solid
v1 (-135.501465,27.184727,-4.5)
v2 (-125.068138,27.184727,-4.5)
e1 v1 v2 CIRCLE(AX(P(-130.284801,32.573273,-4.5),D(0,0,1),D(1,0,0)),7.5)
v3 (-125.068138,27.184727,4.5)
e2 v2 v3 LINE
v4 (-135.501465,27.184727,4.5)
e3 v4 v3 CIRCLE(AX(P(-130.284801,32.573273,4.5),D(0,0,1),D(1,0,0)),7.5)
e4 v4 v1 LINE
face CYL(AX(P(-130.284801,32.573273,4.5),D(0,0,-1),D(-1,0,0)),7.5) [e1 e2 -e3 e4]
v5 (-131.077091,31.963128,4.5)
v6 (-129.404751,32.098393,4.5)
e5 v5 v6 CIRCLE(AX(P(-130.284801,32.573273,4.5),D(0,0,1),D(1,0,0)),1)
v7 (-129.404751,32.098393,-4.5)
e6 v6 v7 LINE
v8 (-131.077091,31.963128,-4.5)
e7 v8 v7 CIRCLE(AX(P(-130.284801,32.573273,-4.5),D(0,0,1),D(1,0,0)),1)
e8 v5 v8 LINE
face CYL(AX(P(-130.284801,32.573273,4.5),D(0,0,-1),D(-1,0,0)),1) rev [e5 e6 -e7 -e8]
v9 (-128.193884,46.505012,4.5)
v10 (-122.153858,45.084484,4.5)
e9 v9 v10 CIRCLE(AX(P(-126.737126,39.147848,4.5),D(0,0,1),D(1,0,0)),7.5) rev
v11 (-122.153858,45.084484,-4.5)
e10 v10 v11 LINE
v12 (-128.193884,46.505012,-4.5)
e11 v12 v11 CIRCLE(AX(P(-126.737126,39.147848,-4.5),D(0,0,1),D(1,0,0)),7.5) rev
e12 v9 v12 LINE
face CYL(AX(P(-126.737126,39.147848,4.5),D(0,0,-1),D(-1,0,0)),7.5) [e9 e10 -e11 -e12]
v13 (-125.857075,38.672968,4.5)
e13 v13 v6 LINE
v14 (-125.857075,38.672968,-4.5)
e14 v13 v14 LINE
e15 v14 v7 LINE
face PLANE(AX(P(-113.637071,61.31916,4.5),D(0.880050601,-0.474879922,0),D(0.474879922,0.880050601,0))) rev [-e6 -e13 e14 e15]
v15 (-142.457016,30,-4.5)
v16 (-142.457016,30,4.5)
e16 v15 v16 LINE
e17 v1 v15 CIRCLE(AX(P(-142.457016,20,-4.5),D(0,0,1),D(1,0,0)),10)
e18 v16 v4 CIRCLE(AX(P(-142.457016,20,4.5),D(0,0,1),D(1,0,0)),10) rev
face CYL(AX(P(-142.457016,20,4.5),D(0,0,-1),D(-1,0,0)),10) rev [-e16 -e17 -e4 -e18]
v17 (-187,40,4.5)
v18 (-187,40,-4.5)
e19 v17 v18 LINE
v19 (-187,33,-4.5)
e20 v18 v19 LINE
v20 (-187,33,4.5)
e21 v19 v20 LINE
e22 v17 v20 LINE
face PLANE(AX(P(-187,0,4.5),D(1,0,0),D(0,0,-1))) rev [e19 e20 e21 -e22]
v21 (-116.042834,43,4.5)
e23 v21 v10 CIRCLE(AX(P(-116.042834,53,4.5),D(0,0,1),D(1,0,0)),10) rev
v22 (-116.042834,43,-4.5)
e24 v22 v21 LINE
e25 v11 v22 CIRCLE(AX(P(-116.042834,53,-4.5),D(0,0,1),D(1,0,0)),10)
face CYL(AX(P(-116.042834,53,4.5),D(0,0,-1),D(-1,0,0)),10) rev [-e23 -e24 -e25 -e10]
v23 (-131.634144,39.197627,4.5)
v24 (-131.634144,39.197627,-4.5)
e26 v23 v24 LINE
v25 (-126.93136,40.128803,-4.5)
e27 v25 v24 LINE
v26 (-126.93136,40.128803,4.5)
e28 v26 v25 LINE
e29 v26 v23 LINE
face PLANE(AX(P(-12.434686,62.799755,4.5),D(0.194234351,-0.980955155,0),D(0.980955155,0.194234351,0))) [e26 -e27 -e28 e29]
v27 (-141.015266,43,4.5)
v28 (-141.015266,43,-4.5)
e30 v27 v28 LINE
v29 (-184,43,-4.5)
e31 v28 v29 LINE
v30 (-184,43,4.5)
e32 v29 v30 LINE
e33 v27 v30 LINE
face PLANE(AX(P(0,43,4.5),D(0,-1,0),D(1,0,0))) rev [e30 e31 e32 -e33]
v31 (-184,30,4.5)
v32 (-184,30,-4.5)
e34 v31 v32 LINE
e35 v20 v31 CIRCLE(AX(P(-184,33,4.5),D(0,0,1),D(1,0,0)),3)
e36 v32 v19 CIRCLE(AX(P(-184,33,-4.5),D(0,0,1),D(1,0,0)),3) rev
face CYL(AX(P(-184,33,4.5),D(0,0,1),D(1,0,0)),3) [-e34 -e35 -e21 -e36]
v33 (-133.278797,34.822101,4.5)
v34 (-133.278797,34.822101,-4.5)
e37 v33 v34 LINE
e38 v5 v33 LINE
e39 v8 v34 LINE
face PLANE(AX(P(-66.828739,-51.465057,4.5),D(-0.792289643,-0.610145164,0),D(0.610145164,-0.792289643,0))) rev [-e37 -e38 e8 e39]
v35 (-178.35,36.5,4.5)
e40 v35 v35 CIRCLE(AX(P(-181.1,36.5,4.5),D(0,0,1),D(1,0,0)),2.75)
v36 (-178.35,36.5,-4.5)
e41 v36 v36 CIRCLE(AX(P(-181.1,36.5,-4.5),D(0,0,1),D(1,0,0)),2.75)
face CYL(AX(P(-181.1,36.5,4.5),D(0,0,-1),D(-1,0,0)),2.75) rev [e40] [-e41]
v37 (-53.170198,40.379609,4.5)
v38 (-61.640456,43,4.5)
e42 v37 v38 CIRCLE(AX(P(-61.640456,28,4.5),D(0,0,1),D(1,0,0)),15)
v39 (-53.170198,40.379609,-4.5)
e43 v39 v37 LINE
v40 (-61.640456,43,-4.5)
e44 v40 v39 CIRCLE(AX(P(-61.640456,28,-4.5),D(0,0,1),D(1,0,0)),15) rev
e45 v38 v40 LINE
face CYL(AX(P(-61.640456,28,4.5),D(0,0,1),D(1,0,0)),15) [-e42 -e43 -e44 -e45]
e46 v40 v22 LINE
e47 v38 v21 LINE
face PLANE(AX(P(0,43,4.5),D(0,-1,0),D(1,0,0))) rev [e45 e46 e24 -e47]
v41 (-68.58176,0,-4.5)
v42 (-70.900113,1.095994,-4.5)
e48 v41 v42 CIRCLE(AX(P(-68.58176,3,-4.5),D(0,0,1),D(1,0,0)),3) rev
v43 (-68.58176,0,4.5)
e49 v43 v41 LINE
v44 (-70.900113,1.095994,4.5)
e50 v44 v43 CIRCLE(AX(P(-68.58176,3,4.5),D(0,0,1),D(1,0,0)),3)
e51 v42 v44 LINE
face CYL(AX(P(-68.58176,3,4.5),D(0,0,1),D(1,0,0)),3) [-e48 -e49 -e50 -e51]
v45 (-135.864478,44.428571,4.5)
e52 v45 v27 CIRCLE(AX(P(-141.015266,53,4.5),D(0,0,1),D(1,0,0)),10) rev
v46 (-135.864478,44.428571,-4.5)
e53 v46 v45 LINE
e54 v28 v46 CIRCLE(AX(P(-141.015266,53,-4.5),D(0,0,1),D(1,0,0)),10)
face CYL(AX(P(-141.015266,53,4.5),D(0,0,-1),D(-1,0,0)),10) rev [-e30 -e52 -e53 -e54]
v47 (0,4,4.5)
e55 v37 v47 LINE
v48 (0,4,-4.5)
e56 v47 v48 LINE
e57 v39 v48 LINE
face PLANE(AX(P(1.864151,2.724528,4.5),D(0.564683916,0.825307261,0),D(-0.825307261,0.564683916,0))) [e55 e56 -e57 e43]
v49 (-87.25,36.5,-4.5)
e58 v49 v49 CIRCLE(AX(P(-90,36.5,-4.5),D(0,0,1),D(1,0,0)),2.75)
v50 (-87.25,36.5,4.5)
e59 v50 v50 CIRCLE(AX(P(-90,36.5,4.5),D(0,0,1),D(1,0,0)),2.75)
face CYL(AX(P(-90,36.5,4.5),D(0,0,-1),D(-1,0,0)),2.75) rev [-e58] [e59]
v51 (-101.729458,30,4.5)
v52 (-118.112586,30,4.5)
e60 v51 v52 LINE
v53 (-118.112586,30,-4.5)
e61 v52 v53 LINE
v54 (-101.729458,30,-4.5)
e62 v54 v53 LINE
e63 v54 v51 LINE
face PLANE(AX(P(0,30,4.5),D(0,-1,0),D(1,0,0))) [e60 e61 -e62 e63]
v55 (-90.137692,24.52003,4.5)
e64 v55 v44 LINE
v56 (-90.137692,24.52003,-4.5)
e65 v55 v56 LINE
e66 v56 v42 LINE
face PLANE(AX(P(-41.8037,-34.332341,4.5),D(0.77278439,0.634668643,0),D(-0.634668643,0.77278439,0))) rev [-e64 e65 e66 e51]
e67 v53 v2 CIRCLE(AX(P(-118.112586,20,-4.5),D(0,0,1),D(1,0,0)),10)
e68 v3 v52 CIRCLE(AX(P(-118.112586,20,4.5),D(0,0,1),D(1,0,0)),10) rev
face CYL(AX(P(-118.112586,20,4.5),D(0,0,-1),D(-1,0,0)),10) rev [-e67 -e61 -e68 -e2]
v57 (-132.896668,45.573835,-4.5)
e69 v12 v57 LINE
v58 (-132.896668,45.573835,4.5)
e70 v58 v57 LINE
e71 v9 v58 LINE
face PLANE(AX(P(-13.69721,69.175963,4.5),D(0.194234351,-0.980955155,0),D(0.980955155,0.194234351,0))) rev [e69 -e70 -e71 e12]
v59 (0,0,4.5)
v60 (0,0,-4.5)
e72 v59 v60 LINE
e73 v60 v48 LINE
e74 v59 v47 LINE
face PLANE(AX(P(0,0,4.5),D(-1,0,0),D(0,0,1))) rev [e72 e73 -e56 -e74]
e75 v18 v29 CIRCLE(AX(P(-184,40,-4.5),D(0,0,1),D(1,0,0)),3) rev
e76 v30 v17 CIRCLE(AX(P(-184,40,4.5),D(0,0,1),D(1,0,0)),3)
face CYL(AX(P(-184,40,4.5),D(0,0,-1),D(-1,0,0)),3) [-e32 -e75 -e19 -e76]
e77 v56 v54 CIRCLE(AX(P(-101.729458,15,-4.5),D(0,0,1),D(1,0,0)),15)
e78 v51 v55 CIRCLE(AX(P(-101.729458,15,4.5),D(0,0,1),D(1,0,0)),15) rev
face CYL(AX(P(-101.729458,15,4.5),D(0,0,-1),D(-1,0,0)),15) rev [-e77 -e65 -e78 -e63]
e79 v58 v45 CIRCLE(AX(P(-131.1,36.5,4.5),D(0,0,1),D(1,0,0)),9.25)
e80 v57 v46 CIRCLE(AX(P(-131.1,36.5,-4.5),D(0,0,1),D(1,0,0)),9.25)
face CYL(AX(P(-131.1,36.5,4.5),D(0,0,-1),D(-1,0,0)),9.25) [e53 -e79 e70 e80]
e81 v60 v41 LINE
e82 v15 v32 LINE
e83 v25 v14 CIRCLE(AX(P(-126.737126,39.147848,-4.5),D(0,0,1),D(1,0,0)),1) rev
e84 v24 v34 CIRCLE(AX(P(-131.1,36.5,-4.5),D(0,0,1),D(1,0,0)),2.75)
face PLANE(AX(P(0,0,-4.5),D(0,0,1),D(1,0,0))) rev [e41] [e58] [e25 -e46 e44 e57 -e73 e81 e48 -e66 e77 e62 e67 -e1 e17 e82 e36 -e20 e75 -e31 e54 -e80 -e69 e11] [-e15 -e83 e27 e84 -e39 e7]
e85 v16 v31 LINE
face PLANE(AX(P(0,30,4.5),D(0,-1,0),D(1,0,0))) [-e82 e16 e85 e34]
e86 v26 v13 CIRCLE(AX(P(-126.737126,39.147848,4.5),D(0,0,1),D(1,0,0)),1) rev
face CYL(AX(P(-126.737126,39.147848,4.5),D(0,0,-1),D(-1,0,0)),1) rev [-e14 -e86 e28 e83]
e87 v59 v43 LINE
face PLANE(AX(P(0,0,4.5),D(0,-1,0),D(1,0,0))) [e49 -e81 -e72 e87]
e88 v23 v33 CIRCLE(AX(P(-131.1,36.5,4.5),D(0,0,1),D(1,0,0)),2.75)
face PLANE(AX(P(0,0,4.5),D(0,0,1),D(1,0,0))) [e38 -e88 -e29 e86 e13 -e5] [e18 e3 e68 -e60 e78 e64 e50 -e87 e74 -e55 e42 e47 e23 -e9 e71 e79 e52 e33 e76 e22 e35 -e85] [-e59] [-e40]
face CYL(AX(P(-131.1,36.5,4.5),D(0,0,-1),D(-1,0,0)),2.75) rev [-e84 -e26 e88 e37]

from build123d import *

# Parameters (mm, degrees)
SKETCH3_R           = 2.75
BOSS_EXTRUDE3_DEPTH = 4.5
FILLET13_R          = 15
FILLET14_R          = 10
FILLET15_R          = 3


with BuildPart() as part:
    # Sketch3 → Boss-Extrude3 (new body, symmetric)
    with BuildSketch(Plane.XY):
        with BuildLine():
            Line((-70, 0), (0, 0))
            Line((0, 0), (0, 4))
            Line((0, 4), (-57, 43))
            Line((-57, 43), (-120.301993943, 43))
            ThreePointArc((-120.301993943, 43), (-123.692897096, 46.002238478), (-128.193883581, 46.505011528))
            Line((-128.193883581, 46.505011528), (-132.896667749, 45.573835187))
            ThreePointArc((-132.896667749, 45.573835187), (-135.482170861, 44.646108184), (-137.681223291, 43))
            Line((-137.681223291, 43), (-187, 43))
            Line((-187, 43), (-187, 30))
            Line((-187, 30), (-137.769349371, 30))
            Line((-137.769349371, 30), (-136.22697347, 27.997184072))
            ThreePointArc((-136.22697347, 27.997184072), (-129.680147263, 25.097686291), (-123.684421639, 29.011673389))
            Line((-123.684421639, 29.011673389), (-123.151115414, 30))
            Line((-123.151115414, 30), (-94.638255551, 30))
            Line((-94.638255551, 30), (-70, 0))
        make_face()
        with Locations((-90, 36.5)):
            Circle(SKETCH3_R, mode=Mode.SUBTRACT)
        with BuildLine():
            ThreePointArc((-133.278796519, 34.822100799), (-133.674163723, 37.467564533), (-131.634144466, 39.197626677))
            Line((-131.634144466, 39.197626677), (-126.931360298, 40.128803018))
            ThreePointArc((-126.931360298, 40.128803018), (-125.932483215, 39.741607136), (-125.857075346, 38.672967941))
            Line((-125.857075346, 38.672967941), (-129.404750544, 32.09839288))
            ThreePointArc((-129.404750544, 32.09839288), (-130.204180628, 31.576527934), (-131.077090788, 31.963127638))
            Line((-131.077090788, 31.963127638), (-133.278796519, 34.822100799))
        make_face(mode=Mode.SUBTRACT)
        with Locations((-181.1, 36.5)):
            Circle(SKETCH3_R, mode=Mode.SUBTRACT)
    extrude(amount=BOSS_EXTRUDE3_DEPTH, both=True)

    # Fillet13
    fillet13_edges = [part.edges().sort_by_distance(p)[0] for p in [
        (-57, 43, 0),
        (-94.638255551, 30, 0),
    ]]
    fillet(fillet13_edges, radius=FILLET13_R)

    # Fillet14
    fillet14_edges = [part.edges().sort_by_distance(p)[0] for p in [
        (-120.301993943, 43, 0),
        (-137.681223291, 43, 0),
        (-137.769349371, 30, 0),
        (-123.151115414, 30, 0),
    ]]
    fillet(fillet14_edges, radius=FILLET14_R)

    # Fillet15
    fillet15_edges = [part.edges().sort_by_distance(p)[0] for p in [
        (-70, 0, 0),
        (-187, 30, 0),
        (-187, 43, 0),
    ]]
    fillet(fillet15_edges, radius=FILLET15_R)


solid = part.part
